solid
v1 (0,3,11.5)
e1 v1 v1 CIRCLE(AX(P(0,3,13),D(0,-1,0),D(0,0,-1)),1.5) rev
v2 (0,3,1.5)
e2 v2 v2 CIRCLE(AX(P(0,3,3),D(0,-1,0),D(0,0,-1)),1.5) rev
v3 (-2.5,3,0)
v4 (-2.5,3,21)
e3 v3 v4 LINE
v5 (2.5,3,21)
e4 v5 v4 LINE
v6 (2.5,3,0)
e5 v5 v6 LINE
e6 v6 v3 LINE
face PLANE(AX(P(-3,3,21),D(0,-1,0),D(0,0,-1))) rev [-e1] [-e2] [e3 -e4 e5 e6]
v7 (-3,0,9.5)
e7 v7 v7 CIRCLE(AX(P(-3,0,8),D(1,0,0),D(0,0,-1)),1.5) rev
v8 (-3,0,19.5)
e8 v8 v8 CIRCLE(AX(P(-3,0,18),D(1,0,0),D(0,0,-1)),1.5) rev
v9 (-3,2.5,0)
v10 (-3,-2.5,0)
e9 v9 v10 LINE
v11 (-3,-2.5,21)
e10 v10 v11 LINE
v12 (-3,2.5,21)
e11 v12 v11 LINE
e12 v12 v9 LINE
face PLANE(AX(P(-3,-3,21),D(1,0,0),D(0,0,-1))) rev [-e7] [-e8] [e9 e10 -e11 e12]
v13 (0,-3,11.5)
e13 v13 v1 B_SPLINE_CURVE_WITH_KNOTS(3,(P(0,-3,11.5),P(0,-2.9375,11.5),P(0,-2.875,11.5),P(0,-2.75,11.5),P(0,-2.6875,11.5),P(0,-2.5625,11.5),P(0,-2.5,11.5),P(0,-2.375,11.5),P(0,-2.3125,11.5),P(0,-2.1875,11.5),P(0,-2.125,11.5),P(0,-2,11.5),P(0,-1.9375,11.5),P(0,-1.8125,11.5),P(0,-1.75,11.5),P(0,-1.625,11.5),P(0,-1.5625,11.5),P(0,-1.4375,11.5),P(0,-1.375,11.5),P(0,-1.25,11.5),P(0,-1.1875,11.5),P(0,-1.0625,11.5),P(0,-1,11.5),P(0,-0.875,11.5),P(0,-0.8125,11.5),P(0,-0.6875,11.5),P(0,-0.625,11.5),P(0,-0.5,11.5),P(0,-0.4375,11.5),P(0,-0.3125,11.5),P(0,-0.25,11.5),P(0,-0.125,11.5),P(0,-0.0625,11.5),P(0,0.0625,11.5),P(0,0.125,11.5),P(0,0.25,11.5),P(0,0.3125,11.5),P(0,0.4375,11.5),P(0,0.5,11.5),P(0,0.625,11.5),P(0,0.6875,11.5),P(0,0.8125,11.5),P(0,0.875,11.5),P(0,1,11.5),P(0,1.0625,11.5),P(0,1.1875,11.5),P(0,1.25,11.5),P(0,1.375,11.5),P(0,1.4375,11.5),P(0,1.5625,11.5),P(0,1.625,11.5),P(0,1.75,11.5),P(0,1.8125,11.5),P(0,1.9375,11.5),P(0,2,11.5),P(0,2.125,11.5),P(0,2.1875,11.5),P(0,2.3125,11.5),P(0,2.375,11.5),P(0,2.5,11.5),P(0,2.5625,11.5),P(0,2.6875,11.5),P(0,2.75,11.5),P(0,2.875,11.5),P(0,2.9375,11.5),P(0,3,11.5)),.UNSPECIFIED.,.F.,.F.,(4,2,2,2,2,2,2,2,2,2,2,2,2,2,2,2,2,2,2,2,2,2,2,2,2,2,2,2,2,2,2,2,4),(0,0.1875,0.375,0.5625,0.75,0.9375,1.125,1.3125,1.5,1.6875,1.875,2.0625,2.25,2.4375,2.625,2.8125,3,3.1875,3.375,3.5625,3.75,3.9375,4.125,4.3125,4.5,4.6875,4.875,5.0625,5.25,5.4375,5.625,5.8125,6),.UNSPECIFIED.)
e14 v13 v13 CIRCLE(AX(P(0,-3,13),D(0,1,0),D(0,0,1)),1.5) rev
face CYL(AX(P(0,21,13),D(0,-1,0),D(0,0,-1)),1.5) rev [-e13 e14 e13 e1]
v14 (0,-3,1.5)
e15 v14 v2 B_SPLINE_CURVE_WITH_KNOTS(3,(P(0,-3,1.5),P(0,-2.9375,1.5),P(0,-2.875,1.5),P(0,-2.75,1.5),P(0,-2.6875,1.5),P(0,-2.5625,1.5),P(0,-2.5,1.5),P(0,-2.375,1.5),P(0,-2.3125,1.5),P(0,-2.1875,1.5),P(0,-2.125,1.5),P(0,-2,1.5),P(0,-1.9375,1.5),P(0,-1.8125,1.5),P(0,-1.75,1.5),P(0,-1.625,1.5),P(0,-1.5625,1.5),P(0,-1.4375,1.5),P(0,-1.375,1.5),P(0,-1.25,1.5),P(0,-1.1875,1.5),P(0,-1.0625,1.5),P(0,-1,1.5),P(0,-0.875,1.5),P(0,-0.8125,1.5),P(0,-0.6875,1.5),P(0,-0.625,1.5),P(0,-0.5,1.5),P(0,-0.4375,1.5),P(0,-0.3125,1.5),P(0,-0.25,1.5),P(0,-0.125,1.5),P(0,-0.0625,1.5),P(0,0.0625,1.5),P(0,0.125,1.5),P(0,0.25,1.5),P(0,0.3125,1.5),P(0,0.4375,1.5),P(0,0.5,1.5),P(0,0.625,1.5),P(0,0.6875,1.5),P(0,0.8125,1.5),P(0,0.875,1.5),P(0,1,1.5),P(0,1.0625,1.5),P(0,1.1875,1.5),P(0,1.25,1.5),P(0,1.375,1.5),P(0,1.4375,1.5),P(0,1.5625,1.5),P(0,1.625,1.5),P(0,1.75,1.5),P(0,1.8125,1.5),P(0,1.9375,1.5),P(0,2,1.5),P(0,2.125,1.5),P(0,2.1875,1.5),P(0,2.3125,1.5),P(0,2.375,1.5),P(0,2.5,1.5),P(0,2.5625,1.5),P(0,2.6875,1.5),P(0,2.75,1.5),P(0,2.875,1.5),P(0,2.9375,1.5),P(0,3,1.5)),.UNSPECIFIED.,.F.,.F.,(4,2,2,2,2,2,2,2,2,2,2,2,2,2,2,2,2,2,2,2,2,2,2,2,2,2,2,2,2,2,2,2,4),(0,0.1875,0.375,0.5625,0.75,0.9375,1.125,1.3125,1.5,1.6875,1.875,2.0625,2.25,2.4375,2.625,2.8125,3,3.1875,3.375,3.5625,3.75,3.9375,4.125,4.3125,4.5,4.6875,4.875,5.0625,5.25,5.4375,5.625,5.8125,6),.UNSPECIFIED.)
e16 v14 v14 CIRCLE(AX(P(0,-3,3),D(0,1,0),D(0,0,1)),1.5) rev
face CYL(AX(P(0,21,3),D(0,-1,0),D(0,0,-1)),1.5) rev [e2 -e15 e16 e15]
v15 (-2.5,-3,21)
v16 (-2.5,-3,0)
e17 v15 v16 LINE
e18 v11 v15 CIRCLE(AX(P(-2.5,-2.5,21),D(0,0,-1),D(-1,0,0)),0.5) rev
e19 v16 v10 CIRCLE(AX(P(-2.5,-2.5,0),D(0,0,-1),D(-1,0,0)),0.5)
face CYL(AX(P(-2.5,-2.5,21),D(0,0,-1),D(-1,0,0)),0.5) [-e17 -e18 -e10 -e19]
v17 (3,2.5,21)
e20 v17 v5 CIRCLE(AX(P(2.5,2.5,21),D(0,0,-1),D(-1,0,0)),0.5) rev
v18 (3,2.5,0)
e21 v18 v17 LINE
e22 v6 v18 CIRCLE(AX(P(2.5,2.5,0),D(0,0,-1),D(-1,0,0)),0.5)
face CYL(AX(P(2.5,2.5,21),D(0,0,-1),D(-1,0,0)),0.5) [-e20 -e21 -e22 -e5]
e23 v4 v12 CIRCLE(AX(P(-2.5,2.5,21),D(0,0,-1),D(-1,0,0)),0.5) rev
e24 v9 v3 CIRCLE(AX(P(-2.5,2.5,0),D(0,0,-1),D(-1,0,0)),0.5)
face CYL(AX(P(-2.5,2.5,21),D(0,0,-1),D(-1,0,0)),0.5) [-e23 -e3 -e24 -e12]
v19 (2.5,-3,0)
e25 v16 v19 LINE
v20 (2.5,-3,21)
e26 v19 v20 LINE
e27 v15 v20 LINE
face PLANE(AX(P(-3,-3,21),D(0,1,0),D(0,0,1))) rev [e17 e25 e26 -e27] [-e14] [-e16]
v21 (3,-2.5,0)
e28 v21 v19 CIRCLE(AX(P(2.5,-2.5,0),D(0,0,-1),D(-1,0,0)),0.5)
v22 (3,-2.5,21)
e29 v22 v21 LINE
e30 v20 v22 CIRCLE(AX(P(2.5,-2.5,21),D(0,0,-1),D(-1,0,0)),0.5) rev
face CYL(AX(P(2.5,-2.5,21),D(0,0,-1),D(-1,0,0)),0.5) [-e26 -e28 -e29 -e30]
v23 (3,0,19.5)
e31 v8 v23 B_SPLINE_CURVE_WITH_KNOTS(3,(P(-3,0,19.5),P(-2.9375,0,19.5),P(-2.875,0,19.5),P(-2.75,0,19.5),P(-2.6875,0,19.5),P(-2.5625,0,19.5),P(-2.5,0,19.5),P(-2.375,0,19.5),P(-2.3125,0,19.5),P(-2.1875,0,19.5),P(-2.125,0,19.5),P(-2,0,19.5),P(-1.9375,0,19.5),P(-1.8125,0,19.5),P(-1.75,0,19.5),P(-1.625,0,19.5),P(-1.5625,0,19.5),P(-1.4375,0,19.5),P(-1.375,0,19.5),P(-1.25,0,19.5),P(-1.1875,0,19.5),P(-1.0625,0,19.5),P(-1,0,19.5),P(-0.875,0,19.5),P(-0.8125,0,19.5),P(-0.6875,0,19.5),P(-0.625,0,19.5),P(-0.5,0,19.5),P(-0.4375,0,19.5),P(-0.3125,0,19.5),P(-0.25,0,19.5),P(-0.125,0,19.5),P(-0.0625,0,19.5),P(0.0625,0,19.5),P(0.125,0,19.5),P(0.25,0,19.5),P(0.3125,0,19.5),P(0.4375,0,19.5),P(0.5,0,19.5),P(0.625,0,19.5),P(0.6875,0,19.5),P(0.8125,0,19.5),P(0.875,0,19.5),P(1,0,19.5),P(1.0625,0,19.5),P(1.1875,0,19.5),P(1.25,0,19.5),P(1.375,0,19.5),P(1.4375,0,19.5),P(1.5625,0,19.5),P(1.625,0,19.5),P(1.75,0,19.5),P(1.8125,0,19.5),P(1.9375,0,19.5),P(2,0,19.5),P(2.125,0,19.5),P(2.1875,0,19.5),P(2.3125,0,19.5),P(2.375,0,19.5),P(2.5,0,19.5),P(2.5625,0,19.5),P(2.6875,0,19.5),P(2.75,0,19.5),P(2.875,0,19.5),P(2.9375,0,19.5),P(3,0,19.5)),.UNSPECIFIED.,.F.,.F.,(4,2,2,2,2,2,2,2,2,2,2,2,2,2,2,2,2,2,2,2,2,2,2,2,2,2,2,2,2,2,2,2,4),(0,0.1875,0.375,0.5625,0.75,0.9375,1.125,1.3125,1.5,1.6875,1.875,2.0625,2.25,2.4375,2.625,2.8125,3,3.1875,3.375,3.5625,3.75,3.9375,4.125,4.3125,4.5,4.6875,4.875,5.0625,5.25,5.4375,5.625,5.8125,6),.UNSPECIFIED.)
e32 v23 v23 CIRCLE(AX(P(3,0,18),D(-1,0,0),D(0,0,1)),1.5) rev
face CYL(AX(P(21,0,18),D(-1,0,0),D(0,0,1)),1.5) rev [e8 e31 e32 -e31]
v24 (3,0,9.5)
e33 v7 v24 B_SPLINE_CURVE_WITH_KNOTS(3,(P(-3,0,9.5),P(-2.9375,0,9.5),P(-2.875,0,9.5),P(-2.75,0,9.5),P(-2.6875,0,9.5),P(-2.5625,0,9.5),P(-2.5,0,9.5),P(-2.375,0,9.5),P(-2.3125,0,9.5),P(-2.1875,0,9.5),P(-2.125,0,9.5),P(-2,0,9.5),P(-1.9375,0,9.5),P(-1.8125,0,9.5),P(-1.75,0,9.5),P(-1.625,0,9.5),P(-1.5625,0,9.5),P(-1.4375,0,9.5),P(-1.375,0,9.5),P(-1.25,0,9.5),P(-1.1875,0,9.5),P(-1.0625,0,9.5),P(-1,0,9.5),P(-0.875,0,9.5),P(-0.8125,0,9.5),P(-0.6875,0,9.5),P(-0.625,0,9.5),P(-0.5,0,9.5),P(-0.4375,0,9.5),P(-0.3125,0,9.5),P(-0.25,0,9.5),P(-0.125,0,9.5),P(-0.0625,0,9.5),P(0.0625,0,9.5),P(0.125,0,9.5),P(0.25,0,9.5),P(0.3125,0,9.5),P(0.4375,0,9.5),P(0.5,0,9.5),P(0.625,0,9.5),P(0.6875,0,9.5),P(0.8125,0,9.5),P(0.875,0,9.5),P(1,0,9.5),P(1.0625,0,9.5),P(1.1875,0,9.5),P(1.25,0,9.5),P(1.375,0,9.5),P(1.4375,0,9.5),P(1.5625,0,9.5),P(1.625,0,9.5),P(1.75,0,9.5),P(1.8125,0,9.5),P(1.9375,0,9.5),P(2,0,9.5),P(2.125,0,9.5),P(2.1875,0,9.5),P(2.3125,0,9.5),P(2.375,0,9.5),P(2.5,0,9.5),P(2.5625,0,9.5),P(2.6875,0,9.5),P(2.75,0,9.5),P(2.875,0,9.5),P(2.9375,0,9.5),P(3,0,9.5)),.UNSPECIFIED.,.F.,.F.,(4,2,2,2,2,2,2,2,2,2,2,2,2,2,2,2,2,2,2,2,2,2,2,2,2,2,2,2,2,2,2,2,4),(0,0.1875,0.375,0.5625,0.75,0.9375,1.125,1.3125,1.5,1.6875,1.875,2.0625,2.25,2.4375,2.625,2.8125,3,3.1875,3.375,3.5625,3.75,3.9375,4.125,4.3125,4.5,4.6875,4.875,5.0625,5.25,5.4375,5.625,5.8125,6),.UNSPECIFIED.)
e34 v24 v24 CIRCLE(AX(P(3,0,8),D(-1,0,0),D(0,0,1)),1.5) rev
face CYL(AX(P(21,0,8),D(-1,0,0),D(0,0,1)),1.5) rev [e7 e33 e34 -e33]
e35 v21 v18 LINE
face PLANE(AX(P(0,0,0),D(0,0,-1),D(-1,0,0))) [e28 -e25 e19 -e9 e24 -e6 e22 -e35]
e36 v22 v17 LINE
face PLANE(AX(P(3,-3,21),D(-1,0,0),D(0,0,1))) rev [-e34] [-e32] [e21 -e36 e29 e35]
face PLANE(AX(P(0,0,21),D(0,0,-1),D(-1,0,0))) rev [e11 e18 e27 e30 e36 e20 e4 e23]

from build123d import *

# Parameters (mm, degrees)
SKETCH_1_W               = 6
SKETCH_1_H               = 6
EXTRUDE_1_DEPTH          = 21
CUT_EXTRUDE_1_DEPTH      = 21
CUT_EXTRUDE_1_DEPTH_BACK = 21
SKETCH_3_R               = 1.5
CUT_EXTRUDE_2_DEPTH      = 21
CUT_EXTRUDE_2_DEPTH_BACK = 21
SKETCH_4_R               = 1.5
FILLET_1_R               = 0.5


with BuildPart() as part:
    # 草图1 → 凸台-拉伸1 (new body)
    with BuildSketch(Plane.XY):
        Rectangle(SKETCH_1_W, SKETCH_1_H)
    extrude(amount=EXTRUDE_1_DEPTH)

    # 草图3 → 切除-拉伸1 (cut, two sides: drawn at the far end of the back side and taken through both)
    with BuildSketch(Plane(origin=(0, 0, 0), x_dir=(1, 0, 0), z_dir=(0, 1, 0)).offset(-CUT_EXTRUDE_1_DEPTH_BACK)):
        with Locations(Location((0, -3, 0), (0, 0, 90))):
            Circle(SKETCH_3_R)
        with Locations(Location((0, -13, 0), (0, 0, 90))):
            Circle(SKETCH_3_R)
    extrude(amount=CUT_EXTRUDE_1_DEPTH + CUT_EXTRUDE_1_DEPTH_BACK, mode=Mode.SUBTRACT)

    # 草图4 → 切除-拉伸2 (cut, two sides: drawn at the far end of the back side and taken through both)
    with BuildSketch(Plane(origin=(0, 0, 0), x_dir=(0, 0, -1), z_dir=(1, 0, 0)).offset(-CUT_EXTRUDE_2_DEPTH_BACK)):
        with Locations(Location((-18, 0, 0), (0, 0, 180))):
            Circle(SKETCH_4_R)
        with Locations(Location((-8, 0, 0), (0, 0, 180))):
            Circle(SKETCH_4_R)
    extrude(amount=CUT_EXTRUDE_2_DEPTH + CUT_EXTRUDE_2_DEPTH_BACK, mode=Mode.SUBTRACT)

    # 圆角1
    fillet_1_edges = [part.edges().sort_by_distance(p)[0] for p in [
        (3, -3, 10.5),
        (-3, -3, 10.5),
        (-3, 3, 10.5),
        (3, 3, 10.5),
    ]]
    fillet(fillet_1_edges, radius=FILLET_1_R)


solid = part.part
